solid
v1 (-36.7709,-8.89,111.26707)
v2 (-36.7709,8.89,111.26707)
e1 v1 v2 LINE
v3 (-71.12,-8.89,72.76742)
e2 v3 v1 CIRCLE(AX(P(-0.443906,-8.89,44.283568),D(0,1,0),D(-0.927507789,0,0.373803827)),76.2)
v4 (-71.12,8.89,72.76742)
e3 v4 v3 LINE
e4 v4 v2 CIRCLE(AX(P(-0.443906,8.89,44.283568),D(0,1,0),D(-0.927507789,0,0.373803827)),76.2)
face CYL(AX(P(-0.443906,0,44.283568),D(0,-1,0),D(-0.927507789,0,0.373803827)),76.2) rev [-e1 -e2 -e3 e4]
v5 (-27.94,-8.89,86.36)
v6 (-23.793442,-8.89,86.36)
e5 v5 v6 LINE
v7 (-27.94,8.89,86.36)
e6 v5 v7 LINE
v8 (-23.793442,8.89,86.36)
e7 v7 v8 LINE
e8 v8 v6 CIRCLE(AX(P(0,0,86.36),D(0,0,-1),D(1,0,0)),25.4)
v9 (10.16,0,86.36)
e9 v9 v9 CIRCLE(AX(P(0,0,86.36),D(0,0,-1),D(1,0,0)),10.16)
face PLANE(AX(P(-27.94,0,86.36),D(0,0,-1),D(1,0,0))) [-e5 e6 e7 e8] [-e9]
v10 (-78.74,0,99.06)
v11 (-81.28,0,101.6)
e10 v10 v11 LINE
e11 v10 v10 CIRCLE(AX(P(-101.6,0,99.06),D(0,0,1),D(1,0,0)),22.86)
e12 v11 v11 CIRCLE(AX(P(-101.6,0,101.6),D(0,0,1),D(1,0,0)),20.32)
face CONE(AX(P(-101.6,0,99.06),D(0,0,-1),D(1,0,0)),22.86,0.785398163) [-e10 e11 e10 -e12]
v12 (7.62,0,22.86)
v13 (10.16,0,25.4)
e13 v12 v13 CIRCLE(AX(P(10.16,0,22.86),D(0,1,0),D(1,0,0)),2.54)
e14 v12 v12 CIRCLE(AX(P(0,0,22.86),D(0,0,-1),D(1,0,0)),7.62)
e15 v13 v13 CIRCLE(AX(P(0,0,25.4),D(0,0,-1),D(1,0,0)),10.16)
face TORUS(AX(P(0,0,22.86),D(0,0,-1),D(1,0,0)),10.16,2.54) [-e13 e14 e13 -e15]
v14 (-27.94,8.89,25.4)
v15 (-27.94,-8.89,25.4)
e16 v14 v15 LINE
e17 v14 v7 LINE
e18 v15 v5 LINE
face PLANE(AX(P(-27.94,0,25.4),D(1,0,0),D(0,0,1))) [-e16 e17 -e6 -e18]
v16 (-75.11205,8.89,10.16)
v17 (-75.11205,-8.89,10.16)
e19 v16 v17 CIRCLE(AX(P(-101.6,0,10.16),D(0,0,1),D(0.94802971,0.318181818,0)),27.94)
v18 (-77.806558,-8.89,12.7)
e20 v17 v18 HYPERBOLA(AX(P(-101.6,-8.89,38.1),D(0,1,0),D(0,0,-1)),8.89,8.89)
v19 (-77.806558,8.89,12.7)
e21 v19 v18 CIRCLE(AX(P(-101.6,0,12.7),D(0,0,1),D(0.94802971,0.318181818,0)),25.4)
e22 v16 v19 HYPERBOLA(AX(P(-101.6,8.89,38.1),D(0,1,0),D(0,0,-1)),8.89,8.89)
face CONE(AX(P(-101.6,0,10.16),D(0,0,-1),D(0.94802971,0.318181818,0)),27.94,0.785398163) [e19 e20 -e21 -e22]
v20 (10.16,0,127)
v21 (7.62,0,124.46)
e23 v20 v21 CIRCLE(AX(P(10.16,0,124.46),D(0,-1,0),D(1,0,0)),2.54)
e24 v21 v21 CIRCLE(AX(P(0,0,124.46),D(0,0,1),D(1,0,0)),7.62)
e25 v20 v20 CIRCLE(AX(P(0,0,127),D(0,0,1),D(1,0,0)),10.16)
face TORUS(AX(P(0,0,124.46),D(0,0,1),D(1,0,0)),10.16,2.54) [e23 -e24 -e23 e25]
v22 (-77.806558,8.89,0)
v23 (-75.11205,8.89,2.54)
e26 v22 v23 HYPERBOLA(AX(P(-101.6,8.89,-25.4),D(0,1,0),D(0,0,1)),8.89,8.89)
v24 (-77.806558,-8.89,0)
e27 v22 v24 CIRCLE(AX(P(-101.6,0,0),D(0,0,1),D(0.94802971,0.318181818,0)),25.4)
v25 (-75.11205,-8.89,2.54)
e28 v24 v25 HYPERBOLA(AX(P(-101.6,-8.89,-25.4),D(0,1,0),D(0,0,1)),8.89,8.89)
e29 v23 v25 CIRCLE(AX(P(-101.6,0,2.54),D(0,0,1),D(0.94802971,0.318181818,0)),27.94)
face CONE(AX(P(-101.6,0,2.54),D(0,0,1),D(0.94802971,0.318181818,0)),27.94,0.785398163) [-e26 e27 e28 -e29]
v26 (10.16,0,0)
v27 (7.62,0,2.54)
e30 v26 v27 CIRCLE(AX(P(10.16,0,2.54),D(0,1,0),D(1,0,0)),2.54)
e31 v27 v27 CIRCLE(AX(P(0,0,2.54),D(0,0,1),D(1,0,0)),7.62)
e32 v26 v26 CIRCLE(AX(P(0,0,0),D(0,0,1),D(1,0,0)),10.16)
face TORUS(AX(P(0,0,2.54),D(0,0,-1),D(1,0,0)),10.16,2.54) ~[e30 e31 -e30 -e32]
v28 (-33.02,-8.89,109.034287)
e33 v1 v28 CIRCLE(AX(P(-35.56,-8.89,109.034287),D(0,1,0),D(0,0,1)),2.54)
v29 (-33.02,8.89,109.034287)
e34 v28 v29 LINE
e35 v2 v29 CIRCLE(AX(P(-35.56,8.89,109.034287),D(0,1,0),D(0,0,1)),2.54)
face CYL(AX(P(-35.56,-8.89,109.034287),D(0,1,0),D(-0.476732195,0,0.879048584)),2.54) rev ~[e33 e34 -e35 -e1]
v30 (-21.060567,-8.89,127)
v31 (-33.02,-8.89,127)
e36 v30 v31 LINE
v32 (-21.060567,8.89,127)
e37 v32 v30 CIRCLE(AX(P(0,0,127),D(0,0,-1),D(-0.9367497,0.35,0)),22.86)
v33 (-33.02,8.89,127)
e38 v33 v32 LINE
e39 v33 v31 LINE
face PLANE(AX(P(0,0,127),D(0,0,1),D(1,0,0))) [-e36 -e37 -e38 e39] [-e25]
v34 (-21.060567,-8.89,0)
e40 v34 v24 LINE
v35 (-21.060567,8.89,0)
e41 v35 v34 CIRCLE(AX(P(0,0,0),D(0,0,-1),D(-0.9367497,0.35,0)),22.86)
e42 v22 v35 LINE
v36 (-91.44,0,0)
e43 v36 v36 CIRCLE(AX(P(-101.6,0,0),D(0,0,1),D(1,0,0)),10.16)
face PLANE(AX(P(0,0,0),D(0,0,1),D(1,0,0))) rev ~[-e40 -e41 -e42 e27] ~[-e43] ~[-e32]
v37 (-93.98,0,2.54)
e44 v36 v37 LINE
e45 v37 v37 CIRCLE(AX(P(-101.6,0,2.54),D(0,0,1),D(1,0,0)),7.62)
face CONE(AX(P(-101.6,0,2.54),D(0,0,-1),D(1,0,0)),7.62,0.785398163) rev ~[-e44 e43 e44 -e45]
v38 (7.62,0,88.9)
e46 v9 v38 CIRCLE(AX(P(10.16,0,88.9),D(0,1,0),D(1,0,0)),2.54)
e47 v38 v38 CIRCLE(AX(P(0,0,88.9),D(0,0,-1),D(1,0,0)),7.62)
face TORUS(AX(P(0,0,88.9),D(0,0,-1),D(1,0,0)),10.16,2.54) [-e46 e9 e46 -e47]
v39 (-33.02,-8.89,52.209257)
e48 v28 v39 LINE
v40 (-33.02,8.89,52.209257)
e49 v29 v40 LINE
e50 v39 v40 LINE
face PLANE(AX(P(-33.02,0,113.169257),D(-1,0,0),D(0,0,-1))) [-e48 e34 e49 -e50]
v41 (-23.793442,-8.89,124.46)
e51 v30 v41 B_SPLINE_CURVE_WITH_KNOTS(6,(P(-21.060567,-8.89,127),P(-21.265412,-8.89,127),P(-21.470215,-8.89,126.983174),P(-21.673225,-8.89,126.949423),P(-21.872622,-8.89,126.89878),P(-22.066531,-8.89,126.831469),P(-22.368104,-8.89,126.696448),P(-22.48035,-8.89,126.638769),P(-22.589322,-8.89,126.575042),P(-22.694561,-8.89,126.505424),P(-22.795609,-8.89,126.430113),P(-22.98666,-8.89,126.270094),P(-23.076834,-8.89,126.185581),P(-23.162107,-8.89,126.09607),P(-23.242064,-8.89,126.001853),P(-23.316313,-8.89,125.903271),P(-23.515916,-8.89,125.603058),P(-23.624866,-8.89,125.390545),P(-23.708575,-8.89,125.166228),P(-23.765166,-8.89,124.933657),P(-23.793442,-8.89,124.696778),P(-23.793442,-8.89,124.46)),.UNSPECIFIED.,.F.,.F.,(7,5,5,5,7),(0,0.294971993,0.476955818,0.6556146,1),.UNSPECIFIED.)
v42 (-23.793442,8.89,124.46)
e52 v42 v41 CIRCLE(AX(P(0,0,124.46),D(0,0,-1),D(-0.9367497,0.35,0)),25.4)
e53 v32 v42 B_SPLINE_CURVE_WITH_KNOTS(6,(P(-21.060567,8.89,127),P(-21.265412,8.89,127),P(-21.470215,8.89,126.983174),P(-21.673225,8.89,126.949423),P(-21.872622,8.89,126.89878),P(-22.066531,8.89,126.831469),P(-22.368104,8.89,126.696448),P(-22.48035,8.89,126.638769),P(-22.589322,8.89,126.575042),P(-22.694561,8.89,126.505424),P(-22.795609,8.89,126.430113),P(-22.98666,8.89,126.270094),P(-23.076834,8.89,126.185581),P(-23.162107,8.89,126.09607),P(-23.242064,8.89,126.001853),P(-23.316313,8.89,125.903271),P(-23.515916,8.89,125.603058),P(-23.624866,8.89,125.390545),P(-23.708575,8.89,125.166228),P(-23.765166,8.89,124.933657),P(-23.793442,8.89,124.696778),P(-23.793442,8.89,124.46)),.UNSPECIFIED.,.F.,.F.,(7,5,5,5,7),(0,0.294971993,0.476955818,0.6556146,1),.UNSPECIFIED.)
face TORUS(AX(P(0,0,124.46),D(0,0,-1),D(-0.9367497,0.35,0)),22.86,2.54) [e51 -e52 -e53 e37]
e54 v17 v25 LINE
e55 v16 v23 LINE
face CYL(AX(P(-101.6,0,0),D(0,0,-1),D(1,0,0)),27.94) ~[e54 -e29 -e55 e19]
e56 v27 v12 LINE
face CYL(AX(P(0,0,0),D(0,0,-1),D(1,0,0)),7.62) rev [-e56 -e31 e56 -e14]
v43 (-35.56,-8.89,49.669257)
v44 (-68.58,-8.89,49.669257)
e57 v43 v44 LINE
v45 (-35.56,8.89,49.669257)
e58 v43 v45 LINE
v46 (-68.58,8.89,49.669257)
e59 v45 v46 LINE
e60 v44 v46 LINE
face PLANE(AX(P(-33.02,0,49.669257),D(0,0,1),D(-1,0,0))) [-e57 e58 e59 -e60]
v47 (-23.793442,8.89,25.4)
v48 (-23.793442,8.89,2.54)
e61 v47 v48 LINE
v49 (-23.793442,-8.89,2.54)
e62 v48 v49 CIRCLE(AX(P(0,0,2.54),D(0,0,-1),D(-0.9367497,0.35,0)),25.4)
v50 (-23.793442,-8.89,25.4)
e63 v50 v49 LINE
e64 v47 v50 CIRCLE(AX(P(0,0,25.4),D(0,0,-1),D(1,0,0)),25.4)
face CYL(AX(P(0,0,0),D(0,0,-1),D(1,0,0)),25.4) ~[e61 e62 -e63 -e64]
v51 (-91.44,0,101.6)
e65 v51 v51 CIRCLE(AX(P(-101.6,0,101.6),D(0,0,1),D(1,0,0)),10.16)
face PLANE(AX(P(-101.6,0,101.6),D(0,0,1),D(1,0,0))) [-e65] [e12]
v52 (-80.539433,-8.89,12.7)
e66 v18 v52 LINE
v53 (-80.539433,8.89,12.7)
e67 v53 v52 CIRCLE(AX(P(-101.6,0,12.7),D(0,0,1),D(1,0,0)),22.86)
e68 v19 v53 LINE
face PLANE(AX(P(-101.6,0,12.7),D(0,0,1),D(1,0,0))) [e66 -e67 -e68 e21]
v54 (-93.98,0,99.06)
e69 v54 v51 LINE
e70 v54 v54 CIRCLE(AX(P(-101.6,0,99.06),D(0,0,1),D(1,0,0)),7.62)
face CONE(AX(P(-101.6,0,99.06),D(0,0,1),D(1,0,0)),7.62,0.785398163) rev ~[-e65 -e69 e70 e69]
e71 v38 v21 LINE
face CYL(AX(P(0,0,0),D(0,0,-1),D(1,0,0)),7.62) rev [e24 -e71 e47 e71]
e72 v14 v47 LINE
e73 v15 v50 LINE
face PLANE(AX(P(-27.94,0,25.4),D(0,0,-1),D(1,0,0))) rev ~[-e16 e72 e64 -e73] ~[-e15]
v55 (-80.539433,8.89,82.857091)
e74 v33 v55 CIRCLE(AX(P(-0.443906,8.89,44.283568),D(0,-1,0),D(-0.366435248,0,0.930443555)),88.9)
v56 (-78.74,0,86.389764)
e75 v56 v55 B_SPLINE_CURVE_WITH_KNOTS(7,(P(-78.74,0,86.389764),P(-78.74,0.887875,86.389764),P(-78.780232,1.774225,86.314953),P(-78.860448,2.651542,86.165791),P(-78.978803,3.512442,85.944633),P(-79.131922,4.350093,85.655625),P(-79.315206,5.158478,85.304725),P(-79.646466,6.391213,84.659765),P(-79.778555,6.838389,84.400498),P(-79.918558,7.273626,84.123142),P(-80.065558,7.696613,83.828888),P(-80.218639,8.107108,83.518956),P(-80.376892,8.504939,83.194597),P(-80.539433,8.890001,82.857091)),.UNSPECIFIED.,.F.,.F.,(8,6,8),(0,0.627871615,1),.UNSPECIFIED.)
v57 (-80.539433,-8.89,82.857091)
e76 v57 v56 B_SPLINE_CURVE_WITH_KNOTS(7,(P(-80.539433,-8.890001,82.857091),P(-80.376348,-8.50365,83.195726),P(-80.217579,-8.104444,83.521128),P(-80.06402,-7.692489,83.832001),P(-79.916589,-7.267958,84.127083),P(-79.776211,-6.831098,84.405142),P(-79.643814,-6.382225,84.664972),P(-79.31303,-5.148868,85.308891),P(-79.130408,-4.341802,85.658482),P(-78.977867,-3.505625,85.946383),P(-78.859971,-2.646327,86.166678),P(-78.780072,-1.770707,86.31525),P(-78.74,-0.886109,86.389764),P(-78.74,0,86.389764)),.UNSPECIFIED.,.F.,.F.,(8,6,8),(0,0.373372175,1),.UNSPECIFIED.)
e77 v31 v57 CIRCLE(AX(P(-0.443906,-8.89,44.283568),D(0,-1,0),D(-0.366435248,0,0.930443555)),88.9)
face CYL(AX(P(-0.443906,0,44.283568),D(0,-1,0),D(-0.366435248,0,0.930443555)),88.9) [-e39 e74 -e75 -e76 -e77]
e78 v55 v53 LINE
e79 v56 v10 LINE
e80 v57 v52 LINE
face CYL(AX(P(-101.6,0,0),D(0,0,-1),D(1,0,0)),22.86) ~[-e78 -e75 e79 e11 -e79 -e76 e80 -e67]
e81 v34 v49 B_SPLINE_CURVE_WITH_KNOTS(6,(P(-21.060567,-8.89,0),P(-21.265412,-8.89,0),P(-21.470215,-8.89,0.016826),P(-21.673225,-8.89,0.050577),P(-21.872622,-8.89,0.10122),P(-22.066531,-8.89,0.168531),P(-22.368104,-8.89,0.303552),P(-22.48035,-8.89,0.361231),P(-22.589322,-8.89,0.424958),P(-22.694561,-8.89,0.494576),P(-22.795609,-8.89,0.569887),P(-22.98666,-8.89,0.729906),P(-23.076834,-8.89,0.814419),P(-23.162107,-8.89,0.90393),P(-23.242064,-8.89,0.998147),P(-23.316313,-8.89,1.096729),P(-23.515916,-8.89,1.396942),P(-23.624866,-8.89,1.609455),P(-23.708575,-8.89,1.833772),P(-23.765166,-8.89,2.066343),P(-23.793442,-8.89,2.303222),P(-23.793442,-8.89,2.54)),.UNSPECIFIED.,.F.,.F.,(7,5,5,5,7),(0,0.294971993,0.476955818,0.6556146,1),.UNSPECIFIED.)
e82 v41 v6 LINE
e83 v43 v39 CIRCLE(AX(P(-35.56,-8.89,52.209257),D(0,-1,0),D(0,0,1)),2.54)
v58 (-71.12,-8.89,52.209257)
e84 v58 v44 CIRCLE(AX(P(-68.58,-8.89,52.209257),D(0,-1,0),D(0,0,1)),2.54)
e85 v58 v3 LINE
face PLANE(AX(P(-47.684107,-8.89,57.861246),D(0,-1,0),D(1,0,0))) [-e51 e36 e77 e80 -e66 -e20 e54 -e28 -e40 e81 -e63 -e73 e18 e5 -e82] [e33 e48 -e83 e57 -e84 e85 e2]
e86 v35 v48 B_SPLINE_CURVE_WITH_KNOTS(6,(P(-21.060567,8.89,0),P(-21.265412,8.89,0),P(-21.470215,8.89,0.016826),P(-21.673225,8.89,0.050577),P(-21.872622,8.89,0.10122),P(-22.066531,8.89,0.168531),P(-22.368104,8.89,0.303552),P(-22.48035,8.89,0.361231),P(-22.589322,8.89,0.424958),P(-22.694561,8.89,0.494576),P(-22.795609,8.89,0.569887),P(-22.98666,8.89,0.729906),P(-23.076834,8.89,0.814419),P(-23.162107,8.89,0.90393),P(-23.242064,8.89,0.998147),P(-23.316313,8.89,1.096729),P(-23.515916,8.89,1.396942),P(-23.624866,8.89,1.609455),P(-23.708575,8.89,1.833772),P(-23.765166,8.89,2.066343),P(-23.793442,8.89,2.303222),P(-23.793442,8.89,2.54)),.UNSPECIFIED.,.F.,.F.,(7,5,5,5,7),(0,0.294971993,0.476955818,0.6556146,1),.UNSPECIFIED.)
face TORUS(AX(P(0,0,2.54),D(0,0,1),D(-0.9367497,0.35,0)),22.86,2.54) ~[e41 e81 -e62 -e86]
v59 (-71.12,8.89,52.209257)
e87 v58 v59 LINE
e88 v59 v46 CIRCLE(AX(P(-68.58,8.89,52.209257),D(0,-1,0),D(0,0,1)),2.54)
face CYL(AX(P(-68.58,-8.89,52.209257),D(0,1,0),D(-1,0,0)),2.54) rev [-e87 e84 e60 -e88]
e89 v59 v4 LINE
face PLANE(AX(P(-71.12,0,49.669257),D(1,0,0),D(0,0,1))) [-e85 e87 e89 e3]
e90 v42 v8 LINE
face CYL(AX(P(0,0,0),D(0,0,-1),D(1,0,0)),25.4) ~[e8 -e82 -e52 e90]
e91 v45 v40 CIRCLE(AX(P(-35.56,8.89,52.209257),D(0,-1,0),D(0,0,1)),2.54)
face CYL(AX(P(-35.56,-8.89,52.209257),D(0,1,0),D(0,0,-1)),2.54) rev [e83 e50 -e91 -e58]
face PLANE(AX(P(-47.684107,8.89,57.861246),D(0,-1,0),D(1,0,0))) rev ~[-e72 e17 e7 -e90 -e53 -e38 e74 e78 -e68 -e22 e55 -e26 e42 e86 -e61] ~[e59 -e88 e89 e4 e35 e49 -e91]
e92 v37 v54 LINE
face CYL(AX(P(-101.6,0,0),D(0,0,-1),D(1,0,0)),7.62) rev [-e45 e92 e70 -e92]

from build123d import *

# Parameters (mm, degrees)
F0_R     = 25.4
F0_R_2   = 7.62
F1_DEPTH = 127
F0_R_3   = 22.86
F2_DEPTH = 101.6
F4_DEPTH = 8.89
F5_W     = 60.96
F5_H     = 60.96
F6_DEPTH = 50.8
F7_R     = 2.54
F8_R     = 27.94
F8_R_2   = 22.86
F9_DEPTH = 12.7
F10_SIZE = 2.54


with BuildPart() as f1:
    # F0 (on Top) → F1 (new body)
    with BuildSketch(Plane.XY):
        Circle(F0_R)
        Circle(F0_R_2, mode=Mode.SUBTRACT)
    extrude(amount=F1_DEPTH)



with BuildPart() as f2:
    # F0 (on Top) → F2 (new body)
    with BuildSketch(Plane.XY):
        with Locations((-101.6, 0)):
            Circle(F0_R_3)
        with Locations((-101.6, 0)):
            Circle(F0_R_2, mode=Mode.SUBTRACT)
    extrude(amount=F2_DEPTH)


with BuildPart() as f1_1:
    add(f1.part)

    add(f2.part)  # F4 merges F2
    # F3 (on Front) → F4 (join, symmetric)
    with BuildSketch(Plane.XZ):
        with BuildLine():
            Line((-20.32, 0), (-20.32, 127))
            Line((-20.32, 127), (-33.02, 127))
            ThreePointArc((-33.02, 127), (-61.5844056789, 108.82076155), (-81.28, 81.28))
            Line((-81.28, 81.28), (-81.28, 0))
            Line((-81.28, 0), (-20.32, 0))
        make_face()
        with BuildLine():
            ThreePointArc((-71.12, 72.7674195988), (-55.8815349001, 96.5627163287), (-33.02, 113.1692568198))
            Line((-33.02, 113.1692568198), (-33.02, 49.6692568198))
            Line((-33.02, 49.6692568198), (-71.12, 49.6692568198))
            Line((-71.12, 49.6692568198), (-71.12, 72.7674195988))
        make_face(mode=Mode.SUBTRACT)
    extrude(amount=F4_DEPTH, both=True)

    # F5 (on Front) → F6 (cut, symmetric)
    with BuildSketch(Plane.XZ):
        with Locations((2.54, 55.88)):
            Rectangle(F5_W, F5_H)
    extrude(amount=F6_DEPTH, both=True, mode=Mode.SUBTRACT)

    # F7
    f7_edges = [f1_1.edges().sort_by_distance(p)[0] for p in [
        (25.4, 0, 127),
        (25.4, 0, 0),
        (-7.62, 0, 86.36),
        (-7.62, 0, 0),
        (-7.62, 0, 127),
        (-7.62, 0, 25.4),
        (-33.02, 0, 49.669257),
        (-71.12, 0, 49.669257),
        (-33.02, 0, 113.169257),
    ]]
    fillet(f7_edges, radius=F7_R)

    # F8 (on Top) → F9 (join)
    with BuildSketch(Plane.XY):
        with Locations((-101.6, 0)):
            Circle(F8_R)
        with Locations((-101.6, 0)):
            Circle(F8_R_2, mode=Mode.SUBTRACT)
    extrude(amount=F9_DEPTH)

    # F10
    f10_edges = [f1_1.edges().sort_by_distance(p)[0] for p in [
        (-129.54, 0, 0),
        (-109.22, 0, 0),
        (-129.54, 0, 12.7),
        (-124.46, 0, 101.6),
        (-109.22, 0, 101.6),
    ]]
    chamfer(f10_edges, length=F10_SIZE)


solid = f1_1.part
